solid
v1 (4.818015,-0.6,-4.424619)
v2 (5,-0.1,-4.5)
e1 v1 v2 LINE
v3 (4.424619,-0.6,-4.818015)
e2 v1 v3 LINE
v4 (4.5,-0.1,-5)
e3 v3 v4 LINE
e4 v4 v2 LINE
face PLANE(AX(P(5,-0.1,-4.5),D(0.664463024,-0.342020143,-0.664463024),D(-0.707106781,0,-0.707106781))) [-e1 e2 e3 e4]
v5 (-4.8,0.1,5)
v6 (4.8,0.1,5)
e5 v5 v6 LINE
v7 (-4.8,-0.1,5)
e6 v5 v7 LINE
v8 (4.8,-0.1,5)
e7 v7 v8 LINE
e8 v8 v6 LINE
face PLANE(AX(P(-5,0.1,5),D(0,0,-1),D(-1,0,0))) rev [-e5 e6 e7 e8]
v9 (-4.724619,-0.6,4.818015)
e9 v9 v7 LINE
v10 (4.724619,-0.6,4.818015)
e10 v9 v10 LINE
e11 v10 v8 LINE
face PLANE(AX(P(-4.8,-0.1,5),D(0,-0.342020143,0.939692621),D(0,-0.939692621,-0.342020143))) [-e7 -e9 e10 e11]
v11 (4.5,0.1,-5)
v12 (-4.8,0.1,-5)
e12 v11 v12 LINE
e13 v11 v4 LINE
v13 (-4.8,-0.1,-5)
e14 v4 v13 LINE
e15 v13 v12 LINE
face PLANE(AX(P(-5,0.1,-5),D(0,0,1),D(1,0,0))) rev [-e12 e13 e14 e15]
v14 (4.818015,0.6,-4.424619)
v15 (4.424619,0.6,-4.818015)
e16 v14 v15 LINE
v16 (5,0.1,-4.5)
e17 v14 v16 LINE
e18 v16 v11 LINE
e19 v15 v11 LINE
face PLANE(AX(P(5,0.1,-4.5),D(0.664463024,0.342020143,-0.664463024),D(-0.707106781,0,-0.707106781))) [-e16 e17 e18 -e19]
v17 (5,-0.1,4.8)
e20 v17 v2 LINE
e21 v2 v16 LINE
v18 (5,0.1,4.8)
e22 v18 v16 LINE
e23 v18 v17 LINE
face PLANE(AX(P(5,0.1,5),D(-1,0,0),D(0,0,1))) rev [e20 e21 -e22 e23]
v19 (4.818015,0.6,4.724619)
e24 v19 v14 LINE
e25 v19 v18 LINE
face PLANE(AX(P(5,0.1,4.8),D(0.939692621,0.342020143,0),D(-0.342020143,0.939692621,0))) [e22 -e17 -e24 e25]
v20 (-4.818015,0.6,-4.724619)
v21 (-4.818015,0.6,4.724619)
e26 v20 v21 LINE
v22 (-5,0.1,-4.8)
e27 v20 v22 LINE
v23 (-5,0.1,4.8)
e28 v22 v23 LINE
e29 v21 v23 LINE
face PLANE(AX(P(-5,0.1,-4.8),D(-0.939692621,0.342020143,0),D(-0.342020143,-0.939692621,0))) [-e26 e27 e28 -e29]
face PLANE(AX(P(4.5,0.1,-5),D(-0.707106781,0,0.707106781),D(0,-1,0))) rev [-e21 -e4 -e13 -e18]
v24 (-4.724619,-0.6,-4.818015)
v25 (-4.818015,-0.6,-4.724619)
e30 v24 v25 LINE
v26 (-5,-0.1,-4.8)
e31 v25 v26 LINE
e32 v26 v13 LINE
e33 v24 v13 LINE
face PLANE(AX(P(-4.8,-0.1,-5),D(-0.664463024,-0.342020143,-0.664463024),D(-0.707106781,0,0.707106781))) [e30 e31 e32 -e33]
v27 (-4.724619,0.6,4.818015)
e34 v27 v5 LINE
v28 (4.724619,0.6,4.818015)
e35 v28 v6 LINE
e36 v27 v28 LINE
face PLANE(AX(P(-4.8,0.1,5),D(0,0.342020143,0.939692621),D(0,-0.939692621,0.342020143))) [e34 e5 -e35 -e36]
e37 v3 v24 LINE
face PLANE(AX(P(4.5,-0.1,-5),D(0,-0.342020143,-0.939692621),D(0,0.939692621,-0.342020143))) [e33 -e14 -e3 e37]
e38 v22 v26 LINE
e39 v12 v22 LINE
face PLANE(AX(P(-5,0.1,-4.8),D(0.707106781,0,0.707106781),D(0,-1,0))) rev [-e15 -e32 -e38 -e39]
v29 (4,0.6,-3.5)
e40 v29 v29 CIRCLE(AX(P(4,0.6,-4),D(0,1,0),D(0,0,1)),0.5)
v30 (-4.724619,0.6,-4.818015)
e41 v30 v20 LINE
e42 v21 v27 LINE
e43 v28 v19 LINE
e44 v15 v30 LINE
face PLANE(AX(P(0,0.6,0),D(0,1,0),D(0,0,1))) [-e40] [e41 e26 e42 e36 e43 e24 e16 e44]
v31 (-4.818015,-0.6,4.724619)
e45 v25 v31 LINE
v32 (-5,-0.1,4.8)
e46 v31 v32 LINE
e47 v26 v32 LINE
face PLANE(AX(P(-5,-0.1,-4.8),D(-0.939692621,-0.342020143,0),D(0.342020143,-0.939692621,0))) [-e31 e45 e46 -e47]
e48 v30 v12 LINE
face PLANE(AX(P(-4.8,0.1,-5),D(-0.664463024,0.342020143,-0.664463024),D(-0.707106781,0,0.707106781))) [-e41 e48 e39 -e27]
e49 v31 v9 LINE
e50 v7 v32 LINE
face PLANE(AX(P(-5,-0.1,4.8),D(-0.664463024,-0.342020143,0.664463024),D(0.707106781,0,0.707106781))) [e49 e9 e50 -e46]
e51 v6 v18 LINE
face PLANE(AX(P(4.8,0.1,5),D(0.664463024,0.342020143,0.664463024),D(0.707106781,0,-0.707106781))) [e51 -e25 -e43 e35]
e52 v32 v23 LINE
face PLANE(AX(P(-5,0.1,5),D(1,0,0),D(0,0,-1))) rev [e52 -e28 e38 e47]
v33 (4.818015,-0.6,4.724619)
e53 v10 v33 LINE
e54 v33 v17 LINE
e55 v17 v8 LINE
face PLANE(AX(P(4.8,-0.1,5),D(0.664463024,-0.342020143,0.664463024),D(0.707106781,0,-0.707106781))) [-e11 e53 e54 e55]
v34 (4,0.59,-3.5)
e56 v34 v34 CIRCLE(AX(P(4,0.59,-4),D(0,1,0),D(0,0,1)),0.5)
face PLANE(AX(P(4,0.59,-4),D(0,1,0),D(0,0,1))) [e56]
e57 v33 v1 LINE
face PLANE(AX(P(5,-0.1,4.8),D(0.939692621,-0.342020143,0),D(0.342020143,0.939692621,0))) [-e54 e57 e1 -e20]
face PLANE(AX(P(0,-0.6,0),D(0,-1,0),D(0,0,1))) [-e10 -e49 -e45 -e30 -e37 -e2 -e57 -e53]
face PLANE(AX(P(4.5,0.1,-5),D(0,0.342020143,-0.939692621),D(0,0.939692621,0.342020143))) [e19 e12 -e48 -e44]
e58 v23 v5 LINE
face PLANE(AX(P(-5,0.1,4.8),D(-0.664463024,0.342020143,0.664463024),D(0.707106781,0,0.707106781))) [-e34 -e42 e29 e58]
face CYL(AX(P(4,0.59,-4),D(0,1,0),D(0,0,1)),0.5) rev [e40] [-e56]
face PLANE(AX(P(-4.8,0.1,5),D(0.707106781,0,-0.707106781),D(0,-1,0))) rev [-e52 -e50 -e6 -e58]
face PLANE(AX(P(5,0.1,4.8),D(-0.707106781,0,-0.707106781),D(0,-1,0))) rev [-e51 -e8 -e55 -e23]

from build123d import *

# Parameters (mm, degrees)
SKETCH1_W           = 10
SKETCH1_H           = 10
BOSS_EXTRUDE1_DEPTH = 0.1
CHAMFER1_SIZE       = 0.2
CHAMFER2_SIZE       = 0.5
BOSS_EXTRUDE2_DEPTH = 0.5
BOSS_EXTRUDE2_TAPER = 20
SKETCH3_R           = 0.5
CUT_EXTRUDE1_DEPTH  = 0.01


with BuildPart() as part:
    # Sketch1 → Boss-Extrude1 (new body, symmetric)
    with BuildSketch(Plane(origin=(0, 0, 0), x_dir=(1, 0, 0), z_dir=(0, 1, 0))):
        Rectangle(SKETCH1_W, SKETCH1_H)
    extrude(amount=BOSS_EXTRUDE1_DEPTH, both=True)

    # Chamfer1
    chamfer1_edges = [part.edges().sort_by_distance(p)[0] for p in [
        (5, 0, 5),
        (-5, 0, 5),
        (-5, 0, -5),
    ]]
    chamfer(chamfer1_edges, length=CHAMFER1_SIZE)

    # Chamfer2
    chamfer2_edges = [part.edges().sort_by_distance(p)[0] for p in [
        (5, 0, -5),
    ]]
    chamfer(chamfer2_edges, length=CHAMFER2_SIZE)

    # Sketch2 → Boss-Extrude2 (add)
    with BuildSketch(Plane(origin=(0, 0.1, 0), x_dir=(1, 0, 0), z_dir=(0, 1, 0))):
        Polygon((-4.8, 5), (-5, 4.8), (-5, -4.8), (-4.8, -5), (4.8, -5), (5, -4.8), (5, 4.5), (4.5, 5), align=None)
    boss_extrude2 = extrude(amount=BOSS_EXTRUDE2_DEPTH, taper=BOSS_EXTRUDE2_TAPER)

    # Mirror1: Boss-Extrude2 across plane
    add(boss_extrude2.mirror(Plane.ZX))

    # Sketch3 → Cut-Extrude1 (cut)
    with BuildSketch(Plane(origin=(0, 0.6, 0), x_dir=(1, 0, 0), z_dir=(0, 1, 0))):
        with Locations((4, 4)):
            Circle(SKETCH3_R)
    extrude(amount=-CUT_EXTRUDE1_DEPTH, mode=Mode.SUBTRACT)


solid = part.part
